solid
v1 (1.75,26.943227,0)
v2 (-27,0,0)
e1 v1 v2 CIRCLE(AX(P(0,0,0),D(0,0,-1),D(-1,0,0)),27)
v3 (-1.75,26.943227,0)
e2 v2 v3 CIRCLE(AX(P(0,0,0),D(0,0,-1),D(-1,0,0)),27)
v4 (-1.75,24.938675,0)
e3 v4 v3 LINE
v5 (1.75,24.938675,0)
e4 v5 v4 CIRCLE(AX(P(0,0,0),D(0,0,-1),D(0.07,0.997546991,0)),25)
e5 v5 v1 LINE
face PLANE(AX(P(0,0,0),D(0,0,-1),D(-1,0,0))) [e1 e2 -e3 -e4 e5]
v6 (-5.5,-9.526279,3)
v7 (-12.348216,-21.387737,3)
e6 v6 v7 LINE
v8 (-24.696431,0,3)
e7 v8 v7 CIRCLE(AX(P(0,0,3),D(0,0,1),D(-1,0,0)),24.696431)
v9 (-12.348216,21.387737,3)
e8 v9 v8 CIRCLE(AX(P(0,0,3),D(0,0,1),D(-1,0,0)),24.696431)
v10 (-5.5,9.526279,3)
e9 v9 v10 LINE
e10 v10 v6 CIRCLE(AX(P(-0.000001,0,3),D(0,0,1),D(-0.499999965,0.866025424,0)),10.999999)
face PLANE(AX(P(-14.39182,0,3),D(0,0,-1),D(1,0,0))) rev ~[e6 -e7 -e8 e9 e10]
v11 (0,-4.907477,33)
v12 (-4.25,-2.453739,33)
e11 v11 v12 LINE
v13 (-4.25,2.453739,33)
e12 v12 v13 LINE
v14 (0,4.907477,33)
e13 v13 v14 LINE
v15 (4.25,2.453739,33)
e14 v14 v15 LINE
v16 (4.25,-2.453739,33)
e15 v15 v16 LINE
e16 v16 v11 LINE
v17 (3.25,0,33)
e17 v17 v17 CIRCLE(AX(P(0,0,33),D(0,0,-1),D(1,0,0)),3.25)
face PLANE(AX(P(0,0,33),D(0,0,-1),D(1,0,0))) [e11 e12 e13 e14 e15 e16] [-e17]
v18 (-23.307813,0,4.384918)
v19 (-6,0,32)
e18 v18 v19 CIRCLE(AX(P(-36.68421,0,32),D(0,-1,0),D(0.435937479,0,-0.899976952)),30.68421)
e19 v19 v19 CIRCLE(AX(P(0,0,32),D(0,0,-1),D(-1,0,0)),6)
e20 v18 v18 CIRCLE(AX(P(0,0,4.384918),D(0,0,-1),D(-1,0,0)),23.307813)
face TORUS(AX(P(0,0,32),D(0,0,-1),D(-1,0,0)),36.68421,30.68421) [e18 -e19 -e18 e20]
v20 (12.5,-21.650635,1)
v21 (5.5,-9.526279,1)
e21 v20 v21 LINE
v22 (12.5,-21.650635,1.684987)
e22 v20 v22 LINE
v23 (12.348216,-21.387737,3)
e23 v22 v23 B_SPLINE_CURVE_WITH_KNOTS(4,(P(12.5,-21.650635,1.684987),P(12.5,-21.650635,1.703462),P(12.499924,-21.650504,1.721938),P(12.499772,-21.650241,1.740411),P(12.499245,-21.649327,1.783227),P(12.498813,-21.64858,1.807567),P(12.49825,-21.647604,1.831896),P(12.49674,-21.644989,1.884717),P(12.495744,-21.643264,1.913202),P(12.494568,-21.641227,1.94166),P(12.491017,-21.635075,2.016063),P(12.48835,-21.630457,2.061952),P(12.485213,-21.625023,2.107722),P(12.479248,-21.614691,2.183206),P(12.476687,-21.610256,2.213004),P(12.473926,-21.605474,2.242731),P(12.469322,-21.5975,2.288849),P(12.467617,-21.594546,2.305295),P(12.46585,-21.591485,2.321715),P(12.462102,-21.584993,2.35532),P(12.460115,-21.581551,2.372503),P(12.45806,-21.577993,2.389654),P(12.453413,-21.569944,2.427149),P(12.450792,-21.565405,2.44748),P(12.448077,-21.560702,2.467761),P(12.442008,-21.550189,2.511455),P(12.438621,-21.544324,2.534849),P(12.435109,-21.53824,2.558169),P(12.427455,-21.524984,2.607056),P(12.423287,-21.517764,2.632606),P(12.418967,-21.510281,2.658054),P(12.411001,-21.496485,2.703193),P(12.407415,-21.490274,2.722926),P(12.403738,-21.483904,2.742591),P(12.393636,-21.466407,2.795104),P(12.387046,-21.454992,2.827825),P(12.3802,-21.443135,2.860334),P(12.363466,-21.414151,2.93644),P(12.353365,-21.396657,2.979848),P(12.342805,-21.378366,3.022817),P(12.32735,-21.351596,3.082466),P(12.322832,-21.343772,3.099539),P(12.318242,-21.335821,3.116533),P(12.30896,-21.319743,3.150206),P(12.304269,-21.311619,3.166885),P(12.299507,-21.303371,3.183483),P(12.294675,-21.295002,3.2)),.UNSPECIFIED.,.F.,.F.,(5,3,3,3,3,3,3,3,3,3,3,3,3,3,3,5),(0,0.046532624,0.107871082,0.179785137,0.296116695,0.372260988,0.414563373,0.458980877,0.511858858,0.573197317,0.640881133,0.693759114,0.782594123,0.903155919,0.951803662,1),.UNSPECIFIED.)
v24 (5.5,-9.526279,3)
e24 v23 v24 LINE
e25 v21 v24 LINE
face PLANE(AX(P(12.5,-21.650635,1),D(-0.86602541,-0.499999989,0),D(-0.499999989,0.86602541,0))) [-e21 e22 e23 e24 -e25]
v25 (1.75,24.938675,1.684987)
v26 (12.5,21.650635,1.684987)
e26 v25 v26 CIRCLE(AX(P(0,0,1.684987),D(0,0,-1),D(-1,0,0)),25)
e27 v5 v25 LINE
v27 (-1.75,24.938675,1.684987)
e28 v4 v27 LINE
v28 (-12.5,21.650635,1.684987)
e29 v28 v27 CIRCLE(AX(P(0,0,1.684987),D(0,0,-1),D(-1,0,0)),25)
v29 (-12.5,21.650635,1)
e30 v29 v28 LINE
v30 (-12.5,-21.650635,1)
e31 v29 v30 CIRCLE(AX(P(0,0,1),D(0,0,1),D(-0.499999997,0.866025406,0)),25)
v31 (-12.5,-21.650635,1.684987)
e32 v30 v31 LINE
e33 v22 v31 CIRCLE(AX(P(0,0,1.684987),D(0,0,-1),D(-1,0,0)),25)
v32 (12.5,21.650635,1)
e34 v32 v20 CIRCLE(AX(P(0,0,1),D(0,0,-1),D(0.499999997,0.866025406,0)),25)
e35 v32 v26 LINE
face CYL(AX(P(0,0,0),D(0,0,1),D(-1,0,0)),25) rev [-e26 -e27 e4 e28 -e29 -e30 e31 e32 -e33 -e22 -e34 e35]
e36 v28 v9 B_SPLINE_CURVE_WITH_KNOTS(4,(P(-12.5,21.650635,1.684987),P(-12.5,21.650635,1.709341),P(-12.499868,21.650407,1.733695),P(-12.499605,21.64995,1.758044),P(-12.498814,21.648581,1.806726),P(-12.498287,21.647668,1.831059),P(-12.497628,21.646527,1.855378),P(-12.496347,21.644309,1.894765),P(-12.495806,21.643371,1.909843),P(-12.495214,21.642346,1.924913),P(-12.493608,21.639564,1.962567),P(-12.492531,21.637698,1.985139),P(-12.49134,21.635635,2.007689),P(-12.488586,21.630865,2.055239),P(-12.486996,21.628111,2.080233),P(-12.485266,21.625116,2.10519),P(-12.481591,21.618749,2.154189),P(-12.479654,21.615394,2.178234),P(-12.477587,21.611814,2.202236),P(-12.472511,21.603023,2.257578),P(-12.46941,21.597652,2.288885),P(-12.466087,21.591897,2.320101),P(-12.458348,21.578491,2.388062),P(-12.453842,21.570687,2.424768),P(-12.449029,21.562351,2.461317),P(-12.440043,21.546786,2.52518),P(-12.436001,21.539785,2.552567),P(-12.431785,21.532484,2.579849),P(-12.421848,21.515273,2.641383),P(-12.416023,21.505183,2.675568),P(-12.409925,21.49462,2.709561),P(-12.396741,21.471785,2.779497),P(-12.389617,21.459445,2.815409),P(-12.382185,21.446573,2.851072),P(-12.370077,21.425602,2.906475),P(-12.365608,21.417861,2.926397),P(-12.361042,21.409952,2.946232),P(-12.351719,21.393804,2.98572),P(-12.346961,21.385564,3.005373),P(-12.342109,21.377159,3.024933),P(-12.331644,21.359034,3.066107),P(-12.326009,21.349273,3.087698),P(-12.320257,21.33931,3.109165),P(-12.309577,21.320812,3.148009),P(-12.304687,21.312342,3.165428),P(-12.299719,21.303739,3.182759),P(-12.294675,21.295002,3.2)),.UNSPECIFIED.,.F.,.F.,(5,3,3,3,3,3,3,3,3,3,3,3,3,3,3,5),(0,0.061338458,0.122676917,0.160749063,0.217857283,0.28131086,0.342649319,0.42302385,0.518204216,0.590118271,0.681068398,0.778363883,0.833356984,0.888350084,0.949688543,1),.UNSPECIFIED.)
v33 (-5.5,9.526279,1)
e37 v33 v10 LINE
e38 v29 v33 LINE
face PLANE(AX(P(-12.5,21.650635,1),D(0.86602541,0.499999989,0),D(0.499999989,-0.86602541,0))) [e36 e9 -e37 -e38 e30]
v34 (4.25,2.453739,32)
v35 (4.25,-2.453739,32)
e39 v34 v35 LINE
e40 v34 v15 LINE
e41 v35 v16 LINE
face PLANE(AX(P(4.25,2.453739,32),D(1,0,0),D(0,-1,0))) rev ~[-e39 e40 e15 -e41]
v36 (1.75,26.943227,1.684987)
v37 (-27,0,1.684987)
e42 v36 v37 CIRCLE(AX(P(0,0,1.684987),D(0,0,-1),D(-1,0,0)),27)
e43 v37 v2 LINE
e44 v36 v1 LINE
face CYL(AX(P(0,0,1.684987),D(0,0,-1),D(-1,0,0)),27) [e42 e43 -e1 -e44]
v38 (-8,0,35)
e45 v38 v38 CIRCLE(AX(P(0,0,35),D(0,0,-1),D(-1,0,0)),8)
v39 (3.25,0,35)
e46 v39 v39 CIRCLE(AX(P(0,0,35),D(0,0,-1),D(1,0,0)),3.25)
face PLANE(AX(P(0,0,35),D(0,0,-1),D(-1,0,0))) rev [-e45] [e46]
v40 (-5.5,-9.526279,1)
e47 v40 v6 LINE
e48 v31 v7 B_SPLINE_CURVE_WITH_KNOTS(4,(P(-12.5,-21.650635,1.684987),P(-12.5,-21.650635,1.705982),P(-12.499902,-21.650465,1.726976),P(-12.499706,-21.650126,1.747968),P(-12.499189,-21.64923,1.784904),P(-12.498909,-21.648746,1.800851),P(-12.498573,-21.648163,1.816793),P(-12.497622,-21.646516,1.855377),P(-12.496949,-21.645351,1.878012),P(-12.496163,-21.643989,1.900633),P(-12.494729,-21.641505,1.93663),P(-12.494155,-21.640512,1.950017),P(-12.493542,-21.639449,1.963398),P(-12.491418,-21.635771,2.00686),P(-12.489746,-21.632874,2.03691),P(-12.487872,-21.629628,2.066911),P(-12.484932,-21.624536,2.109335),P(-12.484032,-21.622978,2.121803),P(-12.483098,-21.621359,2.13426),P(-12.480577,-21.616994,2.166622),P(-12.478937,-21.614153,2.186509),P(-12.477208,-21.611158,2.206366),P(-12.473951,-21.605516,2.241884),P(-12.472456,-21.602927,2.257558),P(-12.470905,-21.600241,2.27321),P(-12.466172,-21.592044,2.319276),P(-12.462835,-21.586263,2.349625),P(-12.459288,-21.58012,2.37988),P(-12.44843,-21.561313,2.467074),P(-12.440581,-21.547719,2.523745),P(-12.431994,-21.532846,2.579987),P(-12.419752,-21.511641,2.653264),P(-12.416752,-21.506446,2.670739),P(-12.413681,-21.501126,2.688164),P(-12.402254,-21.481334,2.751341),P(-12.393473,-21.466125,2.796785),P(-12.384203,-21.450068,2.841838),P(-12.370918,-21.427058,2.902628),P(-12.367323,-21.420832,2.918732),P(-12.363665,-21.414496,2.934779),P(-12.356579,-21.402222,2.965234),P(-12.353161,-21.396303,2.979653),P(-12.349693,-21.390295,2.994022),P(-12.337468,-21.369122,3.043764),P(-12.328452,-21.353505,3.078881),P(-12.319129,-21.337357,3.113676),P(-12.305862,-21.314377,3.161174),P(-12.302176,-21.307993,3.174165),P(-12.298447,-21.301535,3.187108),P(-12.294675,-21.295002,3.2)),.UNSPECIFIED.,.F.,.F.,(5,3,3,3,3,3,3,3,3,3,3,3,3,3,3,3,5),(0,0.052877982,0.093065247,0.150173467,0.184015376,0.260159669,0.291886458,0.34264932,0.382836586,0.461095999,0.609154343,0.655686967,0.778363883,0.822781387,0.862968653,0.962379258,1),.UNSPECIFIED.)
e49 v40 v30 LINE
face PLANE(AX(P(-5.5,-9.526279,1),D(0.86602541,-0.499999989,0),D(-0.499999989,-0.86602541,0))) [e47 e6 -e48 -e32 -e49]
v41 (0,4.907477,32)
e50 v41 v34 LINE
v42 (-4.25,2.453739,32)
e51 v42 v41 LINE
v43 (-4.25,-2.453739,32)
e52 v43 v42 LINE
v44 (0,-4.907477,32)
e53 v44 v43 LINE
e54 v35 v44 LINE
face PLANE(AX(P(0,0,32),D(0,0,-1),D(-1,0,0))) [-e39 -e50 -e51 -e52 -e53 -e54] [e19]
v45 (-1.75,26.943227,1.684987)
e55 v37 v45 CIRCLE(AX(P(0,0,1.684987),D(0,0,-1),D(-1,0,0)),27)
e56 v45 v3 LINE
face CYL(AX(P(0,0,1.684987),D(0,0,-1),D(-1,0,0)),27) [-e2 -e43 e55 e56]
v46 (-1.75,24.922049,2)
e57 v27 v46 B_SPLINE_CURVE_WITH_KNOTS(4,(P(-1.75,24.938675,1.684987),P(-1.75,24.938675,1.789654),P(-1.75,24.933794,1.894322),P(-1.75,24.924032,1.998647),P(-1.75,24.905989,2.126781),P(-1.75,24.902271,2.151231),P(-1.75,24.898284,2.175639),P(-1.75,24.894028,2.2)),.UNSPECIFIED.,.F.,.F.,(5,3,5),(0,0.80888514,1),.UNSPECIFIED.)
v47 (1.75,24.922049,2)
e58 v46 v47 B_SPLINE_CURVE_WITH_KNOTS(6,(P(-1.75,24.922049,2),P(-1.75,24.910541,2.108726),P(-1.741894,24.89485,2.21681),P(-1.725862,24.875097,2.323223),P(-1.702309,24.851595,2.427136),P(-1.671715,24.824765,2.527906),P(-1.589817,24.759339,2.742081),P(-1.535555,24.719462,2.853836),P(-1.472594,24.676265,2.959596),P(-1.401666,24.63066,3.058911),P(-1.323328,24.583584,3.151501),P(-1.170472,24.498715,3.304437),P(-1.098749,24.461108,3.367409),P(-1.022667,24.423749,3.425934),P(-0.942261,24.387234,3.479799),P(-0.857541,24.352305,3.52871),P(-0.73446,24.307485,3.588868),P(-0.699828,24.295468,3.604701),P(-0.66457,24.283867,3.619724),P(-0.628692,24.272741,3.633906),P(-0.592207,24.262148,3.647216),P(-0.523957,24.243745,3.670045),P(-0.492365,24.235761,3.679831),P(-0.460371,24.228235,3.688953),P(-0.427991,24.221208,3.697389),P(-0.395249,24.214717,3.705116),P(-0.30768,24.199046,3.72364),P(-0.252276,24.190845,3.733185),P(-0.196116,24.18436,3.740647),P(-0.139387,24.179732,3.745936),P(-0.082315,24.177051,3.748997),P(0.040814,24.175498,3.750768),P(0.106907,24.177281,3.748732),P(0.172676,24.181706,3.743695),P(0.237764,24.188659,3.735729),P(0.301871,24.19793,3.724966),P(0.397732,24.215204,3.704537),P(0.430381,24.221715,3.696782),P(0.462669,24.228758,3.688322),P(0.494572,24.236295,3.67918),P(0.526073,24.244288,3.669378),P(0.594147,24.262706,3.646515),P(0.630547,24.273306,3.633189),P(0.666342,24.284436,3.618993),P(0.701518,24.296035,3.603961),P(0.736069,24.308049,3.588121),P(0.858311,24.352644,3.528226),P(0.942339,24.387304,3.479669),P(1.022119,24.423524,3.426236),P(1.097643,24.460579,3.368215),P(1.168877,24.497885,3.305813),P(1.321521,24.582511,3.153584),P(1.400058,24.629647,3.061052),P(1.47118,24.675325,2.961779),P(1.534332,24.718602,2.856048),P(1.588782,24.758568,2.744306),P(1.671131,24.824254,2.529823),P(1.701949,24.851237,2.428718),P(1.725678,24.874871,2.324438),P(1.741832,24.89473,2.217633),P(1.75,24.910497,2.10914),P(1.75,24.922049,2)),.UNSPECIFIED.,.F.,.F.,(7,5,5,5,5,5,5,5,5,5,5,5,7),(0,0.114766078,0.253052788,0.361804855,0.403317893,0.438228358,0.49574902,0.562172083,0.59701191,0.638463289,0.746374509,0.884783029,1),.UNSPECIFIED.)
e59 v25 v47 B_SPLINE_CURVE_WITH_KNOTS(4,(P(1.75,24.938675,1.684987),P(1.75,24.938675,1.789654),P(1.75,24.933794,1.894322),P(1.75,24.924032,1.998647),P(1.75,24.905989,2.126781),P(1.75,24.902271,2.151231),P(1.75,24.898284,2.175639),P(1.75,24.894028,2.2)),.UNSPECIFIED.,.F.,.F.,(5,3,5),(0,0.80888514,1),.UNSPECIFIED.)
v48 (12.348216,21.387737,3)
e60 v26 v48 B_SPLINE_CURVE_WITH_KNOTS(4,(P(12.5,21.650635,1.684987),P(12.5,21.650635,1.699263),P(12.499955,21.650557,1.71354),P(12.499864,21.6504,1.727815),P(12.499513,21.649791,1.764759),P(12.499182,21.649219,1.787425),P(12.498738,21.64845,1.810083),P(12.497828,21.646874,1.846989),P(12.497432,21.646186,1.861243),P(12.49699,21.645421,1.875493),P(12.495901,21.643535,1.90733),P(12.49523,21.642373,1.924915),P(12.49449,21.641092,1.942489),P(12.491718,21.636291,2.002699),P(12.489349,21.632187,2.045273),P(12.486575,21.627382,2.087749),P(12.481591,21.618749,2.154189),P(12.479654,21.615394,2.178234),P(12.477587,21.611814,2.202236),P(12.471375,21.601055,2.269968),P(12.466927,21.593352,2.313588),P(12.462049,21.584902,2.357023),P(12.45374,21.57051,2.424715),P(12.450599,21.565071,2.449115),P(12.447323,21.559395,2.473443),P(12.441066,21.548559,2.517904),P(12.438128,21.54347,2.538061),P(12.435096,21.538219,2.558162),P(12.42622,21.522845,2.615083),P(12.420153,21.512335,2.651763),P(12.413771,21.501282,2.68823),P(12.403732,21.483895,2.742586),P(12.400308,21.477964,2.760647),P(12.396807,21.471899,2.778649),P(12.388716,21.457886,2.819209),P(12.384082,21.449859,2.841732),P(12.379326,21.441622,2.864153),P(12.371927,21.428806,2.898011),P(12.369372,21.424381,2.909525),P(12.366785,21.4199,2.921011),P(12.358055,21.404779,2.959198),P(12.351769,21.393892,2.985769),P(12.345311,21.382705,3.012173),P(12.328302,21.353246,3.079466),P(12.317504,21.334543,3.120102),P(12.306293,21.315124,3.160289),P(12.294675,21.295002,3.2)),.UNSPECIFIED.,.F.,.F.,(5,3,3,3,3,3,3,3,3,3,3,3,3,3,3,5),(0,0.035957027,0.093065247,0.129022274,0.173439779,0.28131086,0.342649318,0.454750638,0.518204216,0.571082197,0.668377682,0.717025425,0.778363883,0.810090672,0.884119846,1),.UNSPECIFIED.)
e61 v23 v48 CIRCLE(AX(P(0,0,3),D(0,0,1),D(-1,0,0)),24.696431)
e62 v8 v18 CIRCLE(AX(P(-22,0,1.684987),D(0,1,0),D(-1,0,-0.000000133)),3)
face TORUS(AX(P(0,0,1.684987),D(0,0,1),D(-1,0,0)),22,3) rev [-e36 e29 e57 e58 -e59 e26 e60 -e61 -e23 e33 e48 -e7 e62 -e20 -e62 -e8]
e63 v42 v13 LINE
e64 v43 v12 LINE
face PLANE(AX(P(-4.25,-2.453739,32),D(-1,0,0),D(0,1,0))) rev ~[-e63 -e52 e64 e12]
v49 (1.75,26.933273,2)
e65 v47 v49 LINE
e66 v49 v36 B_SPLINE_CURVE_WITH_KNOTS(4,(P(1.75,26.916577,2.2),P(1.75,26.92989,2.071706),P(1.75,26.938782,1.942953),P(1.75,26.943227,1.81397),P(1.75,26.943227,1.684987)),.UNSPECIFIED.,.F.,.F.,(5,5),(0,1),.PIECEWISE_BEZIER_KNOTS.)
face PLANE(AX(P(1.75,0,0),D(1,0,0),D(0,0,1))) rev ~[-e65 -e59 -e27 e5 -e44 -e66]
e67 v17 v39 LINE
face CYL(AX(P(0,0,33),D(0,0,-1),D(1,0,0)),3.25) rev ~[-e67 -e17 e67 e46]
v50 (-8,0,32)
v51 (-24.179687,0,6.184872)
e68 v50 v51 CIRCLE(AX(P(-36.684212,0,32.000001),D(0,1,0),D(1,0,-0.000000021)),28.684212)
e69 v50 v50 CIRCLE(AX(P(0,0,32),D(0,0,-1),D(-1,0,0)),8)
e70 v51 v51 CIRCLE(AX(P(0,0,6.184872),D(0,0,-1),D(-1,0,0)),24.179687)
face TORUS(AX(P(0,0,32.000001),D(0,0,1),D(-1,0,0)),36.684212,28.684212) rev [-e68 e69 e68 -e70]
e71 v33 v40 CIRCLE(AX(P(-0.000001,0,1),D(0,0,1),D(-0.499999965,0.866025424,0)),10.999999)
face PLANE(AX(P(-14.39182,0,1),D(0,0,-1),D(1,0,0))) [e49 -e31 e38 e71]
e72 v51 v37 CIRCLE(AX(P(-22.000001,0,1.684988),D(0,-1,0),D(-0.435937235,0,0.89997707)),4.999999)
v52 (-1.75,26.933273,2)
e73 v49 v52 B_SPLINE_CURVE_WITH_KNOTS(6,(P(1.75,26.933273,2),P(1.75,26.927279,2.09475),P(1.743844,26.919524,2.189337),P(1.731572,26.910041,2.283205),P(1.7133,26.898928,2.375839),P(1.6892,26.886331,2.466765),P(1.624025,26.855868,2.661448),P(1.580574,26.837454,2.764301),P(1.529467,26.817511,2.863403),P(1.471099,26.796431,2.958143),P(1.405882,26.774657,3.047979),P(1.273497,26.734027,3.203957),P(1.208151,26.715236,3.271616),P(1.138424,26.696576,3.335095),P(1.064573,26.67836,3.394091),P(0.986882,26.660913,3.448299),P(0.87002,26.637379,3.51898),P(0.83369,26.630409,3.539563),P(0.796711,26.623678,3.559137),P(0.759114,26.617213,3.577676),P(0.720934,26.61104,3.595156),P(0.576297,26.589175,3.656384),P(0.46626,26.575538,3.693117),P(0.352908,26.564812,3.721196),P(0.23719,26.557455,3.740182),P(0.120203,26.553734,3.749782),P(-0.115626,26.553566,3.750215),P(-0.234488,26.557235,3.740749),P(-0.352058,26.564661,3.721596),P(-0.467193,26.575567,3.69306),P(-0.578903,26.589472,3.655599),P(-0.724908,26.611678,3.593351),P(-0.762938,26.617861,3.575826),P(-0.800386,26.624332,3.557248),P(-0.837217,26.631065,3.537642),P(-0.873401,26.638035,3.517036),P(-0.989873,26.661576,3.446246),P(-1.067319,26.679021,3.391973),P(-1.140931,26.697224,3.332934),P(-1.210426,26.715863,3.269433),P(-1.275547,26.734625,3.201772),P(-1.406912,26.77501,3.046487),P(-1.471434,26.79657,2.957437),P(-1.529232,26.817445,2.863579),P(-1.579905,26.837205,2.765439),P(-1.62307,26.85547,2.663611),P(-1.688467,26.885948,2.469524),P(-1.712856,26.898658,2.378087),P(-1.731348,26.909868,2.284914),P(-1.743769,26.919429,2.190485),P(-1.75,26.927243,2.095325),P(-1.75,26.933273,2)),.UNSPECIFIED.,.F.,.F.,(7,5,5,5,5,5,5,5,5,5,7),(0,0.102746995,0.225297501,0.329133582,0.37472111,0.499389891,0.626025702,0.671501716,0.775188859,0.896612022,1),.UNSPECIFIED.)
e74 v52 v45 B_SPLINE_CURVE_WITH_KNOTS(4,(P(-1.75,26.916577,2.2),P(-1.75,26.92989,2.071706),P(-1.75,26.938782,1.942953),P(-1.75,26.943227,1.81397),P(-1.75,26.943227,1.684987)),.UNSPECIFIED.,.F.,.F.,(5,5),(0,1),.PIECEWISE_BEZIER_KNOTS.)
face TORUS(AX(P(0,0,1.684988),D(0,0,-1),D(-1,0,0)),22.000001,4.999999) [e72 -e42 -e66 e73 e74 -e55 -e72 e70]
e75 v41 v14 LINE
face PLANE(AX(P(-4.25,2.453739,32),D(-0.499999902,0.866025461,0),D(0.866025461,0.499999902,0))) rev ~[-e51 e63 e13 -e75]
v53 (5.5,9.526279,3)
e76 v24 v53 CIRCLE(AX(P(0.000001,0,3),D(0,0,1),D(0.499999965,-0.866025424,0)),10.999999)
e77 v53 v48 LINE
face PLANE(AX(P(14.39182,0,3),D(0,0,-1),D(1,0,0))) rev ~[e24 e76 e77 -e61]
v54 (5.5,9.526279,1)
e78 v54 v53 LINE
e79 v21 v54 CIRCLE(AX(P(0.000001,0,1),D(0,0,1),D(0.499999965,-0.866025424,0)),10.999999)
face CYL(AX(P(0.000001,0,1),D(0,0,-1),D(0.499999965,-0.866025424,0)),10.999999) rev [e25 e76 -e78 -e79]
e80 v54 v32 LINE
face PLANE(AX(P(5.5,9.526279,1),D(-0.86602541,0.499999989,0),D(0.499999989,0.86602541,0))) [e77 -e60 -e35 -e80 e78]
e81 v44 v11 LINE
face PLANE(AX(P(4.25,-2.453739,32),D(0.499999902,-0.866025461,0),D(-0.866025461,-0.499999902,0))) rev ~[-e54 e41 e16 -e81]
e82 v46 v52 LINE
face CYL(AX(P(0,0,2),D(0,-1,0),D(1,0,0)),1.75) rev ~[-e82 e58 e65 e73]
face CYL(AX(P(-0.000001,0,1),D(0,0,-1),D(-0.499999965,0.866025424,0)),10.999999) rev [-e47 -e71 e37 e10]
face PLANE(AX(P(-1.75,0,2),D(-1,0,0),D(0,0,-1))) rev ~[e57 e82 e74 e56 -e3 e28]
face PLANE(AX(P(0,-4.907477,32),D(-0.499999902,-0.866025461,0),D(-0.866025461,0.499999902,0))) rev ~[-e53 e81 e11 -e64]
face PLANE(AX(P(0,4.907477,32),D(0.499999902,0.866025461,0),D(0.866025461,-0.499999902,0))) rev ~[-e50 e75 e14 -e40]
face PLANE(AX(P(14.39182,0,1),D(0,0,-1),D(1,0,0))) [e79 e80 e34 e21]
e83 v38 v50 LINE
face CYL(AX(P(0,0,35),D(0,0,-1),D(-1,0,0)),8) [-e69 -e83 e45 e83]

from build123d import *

# Parameters (mm, degrees)
F3_DEPTH  = 1
F4_R      = 3.25
F5_DEPTH  = 2.001
F8_DEPTH  = 2
F10_DEPTH = 27.001


with BuildPart() as f1:
    # F0 (on Front) → F1 (revolve)
    with BuildSketch(Plane.XZ):
        with BuildLine():
            Line((0, 32), (0, 35))
            Line((0, 35), (-8, 35))
            Line((-8, 35), (-8, 32))
            ThreePointArc((-8, 32), (-12.379208, 16.766787), (-24.179687, 6.184872))
            ThreePointArc((-24.179687, 6.184872), (-26.236652, 4.340318), (-27, 1.684987))
            Line((-27, 1.684987), (-27, 0))
            Line((-27, 0), (-25, 0))
            Line((-25, 0), (-25, 1.684987))
            ThreePointArc((-25, 1.684987), (-24.541991, 3.278186), (-23.307813, 4.384918))
            ThreePointArc((-23.307813, 4.384918), (-10.684547, 15.704655), (-6, 32))
            Line((-6, 32), (0, 32))
        make_face()
    revolve(axis=Axis((0, 0, 17.5), (0, 0, -1)))

    # F2 (on face) → F3 (cut)
    with BuildSketch(Plane(origin=(0, 0, 32), x_dir=(1, 0, 0), z_dir=(0, 0, -1))):
        Polygon((4.25, -2.453739), (4.25, 2.453739), (0, 4.907477), (-4.25, 2.453739), (-4.25, -2.453739), (0, -4.907477), align=None)
    extrude(amount=-F3_DEPTH, mode=Mode.SUBTRACT)

    # F4 (on face) → F5 (cut, through all)
    with BuildSketch(Plane(origin=(0, 0, 33), x_dir=(1, 0, 0), z_dir=(0, 0, -1))):
        Circle(F4_R)
    extrude(amount=-F5_DEPTH, mode=Mode.SUBTRACT)

    # F7 (on offset) → F8 (join)
    with BuildSketch(Plane(origin=(0, 0, 1), x_dir=(1, 0, 0), z_dir=(0, 0, -1))):
        with BuildLine():
            Line((5.5, -9.526279), (12.5, -21.650635))
            ThreePointArc((12.5, -21.650635), (25, 0), (12.5, 21.650635))
            Line((12.5, 21.650635), (5.5, 9.526279))
            ThreePointArc((5.5, 9.526279), (11, 0), (5.5, -9.526279))
        make_face()
        with BuildLine():
            ThreePointArc((-12.5, 21.650635), (-25, 0), (-12.5, -21.650635))
            Line((-12.5, -21.650635), (-5.5, -9.526279))
            ThreePointArc((-5.5, -9.526279), (-11, 0), (-5.5, 9.526279))
            Line((-5.5, 9.526279), (-12.5, 21.650635))
        make_face()
    extrude(amount=-F8_DEPTH)

    # F9 (on Front) → F10 (cut, through all)
    with BuildSketch(Plane.XZ):
        with BuildLine():
            Line((1.75, 0), (1.75, 2))
            ThreePointArc((1.75, 2), (0, 3.75), (-1.75, 2))
            Line((-1.75, 2), (-1.75, 0))
            Line((-1.75, 0), (1.75, 0))
        make_face()
    extrude(amount=-F10_DEPTH, mode=Mode.SUBTRACT)


solid = f1.part
